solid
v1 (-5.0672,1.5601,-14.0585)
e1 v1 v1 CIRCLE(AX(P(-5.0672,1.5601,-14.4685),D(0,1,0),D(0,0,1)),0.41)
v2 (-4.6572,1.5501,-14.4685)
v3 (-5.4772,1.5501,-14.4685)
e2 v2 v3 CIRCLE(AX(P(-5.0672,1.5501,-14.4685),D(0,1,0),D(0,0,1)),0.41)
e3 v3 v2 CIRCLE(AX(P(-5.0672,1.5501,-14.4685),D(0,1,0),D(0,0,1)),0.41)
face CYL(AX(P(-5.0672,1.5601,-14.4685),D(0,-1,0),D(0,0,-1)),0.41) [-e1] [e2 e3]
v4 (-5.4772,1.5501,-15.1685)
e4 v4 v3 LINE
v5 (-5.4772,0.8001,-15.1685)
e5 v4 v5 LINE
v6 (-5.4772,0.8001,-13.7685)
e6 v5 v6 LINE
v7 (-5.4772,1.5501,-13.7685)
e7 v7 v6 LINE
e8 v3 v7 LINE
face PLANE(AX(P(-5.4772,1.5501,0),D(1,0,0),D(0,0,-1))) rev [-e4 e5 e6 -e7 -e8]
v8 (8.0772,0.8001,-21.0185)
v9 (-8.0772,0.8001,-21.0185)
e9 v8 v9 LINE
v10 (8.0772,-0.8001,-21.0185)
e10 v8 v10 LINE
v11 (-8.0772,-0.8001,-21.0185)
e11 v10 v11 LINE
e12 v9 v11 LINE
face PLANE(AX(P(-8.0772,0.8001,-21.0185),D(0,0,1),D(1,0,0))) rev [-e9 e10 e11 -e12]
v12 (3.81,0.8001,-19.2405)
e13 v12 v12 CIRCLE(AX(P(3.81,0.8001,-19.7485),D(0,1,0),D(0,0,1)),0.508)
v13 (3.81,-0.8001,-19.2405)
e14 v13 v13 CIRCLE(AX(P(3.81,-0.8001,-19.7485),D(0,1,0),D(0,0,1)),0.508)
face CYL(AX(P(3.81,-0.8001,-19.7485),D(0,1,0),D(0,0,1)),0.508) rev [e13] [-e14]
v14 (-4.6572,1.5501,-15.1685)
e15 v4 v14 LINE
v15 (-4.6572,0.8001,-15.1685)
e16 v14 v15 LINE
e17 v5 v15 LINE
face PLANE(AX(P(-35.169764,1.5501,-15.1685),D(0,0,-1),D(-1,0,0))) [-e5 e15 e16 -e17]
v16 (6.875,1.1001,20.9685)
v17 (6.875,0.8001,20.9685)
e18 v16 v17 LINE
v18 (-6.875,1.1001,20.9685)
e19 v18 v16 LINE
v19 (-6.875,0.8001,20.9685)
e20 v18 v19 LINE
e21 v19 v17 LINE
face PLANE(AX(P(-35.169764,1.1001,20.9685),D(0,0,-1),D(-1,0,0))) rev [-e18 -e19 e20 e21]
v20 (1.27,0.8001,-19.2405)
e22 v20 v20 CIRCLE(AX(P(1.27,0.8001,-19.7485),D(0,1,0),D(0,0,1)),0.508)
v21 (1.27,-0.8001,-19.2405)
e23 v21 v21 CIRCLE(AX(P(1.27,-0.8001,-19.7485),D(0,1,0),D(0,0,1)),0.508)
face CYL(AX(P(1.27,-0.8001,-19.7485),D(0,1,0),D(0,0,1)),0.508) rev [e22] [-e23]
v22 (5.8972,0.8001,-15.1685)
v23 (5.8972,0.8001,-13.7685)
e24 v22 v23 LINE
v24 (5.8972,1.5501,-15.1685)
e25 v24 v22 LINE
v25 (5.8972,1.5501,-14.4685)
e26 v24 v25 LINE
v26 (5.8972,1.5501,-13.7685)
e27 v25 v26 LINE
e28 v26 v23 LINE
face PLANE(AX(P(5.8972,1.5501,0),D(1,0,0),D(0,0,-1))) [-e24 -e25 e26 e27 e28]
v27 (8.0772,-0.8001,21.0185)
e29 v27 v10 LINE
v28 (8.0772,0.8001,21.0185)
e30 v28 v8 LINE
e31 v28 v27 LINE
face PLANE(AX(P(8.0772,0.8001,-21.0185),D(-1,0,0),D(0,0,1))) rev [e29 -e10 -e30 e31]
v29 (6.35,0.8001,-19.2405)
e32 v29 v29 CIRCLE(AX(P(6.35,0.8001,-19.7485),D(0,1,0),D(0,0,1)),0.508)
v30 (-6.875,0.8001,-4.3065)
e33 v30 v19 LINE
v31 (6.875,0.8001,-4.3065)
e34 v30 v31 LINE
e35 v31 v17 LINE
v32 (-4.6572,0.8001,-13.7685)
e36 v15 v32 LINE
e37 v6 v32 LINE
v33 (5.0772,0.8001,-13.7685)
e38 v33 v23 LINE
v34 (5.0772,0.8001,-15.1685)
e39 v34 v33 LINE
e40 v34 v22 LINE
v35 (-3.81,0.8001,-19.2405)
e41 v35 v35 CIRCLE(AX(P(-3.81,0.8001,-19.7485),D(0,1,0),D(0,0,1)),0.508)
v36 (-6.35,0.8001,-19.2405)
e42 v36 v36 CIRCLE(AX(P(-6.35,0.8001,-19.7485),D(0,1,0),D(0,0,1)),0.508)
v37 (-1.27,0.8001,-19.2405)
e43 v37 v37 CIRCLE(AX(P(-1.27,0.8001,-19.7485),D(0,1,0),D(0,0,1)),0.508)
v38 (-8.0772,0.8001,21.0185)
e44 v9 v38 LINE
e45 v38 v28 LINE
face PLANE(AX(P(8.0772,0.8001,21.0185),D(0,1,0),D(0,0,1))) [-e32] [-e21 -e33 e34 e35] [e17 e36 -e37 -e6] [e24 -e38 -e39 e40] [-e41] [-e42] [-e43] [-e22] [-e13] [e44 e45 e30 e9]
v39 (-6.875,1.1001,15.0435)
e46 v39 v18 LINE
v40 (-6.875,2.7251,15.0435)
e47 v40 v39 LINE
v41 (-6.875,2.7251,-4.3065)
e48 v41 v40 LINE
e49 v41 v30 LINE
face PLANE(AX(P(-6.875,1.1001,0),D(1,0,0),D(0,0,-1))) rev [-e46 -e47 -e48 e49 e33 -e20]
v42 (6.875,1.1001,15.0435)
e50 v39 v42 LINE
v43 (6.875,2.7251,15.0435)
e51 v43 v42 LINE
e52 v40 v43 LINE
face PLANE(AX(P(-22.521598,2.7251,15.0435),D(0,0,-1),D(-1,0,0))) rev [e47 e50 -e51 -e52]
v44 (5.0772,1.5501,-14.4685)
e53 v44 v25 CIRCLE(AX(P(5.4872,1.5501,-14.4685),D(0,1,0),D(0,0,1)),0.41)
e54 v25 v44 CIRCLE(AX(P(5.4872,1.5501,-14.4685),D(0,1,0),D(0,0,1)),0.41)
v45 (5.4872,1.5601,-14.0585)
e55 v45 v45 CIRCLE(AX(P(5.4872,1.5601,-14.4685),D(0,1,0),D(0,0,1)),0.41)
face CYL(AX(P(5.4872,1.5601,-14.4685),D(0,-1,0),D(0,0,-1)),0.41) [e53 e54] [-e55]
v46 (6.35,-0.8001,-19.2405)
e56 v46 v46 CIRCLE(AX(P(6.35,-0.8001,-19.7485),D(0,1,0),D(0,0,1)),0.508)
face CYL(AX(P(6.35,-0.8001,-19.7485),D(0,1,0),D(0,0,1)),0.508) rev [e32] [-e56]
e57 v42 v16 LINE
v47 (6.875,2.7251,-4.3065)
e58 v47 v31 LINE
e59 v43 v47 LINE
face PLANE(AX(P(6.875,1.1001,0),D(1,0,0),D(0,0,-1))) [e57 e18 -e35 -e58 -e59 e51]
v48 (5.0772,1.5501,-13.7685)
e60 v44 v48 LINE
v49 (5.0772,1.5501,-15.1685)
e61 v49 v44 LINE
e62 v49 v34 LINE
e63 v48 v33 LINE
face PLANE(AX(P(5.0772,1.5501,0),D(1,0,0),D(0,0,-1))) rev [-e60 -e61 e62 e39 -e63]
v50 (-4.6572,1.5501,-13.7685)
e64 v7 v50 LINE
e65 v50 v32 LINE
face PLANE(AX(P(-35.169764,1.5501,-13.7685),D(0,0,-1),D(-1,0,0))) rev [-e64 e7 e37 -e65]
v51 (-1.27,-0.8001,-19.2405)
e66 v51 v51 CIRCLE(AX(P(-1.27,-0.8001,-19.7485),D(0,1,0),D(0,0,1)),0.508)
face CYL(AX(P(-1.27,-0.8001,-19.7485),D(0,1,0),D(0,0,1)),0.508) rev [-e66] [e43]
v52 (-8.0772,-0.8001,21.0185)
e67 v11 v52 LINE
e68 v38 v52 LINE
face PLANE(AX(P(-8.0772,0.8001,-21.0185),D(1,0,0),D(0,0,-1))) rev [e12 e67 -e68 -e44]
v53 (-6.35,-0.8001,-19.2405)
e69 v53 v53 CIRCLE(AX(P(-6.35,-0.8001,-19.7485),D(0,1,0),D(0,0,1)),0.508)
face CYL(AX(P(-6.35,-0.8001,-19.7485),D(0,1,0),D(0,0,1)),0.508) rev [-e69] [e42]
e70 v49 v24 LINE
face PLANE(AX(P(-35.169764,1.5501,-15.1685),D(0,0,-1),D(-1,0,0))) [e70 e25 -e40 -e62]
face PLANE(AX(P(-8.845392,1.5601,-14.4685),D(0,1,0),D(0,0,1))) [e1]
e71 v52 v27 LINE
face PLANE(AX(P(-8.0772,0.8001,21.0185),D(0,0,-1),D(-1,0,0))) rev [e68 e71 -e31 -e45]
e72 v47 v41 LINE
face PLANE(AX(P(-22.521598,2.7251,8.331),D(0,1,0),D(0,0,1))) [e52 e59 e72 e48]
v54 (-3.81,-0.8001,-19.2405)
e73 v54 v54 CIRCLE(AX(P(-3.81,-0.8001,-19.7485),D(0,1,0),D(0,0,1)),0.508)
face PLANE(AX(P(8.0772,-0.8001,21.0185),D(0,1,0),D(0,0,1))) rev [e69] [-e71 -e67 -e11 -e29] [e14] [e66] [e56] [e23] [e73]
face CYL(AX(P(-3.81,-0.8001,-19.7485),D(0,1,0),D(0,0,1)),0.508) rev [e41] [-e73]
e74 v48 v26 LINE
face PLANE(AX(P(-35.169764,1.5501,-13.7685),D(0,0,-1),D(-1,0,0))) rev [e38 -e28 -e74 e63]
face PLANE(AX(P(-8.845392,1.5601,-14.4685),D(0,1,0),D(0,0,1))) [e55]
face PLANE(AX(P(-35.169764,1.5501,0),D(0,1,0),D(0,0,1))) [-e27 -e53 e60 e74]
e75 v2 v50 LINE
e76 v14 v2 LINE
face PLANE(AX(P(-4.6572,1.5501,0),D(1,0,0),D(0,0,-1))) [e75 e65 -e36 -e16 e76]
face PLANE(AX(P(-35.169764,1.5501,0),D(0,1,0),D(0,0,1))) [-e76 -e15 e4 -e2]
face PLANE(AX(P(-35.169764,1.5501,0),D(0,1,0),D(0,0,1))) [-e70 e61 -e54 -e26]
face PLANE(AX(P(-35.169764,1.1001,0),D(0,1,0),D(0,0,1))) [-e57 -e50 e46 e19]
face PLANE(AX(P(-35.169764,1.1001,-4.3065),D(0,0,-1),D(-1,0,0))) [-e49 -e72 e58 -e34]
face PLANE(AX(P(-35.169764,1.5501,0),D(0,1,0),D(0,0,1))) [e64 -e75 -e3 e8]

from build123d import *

# Parameters (mm, degrees)
SKETCH1_W           = 16.1544
SKETCH1_H           = 42.037
BOSS_EXTRUDE1_DEPTH = 0.8001
SKETCH2_R           = 0.508
CUT_EXTRUDE1_DEPTH  = 1.6002
SKETCH3_W           = 13.75
SKETCH3_H           = 25.275
BOSS_EXTRUDE2_DEPTH = 0.3
SKETCH4_W           = 13.75
SKETCH4_H           = 19.35
BOSS_EXTRUDE3_DEPTH = 1.625
SKETCH5_W           = 0.82
SKETCH5_H           = 1.4
BOSS_EXTRUDE4_DEPTH = 0.75
SKETCH6_R           = 0.41
BOSS_EXTRUDE5_DEPTH = 0.01


with BuildPart() as part:
    # Sketch1 → Boss-Extrude1 (new body, symmetric)
    with BuildSketch(Plane(origin=(0, 0, 0), x_dir=(1, 0, 0), z_dir=(0, 1, 0))):
        Rectangle(SKETCH1_W, SKETCH1_H)
    extrude(amount=BOSS_EXTRUDE1_DEPTH, both=True)

    # Sketch2 → Cut-Extrude1 (cut)
    with BuildSketch(Plane(origin=(0, 0.8001, 0), x_dir=(1, 0, 0), z_dir=(0, 1, 0))):
        with Locations((-6.35, 19.7485)):
            Circle(SKETCH2_R)
        with Locations((-3.81, 19.7485)):
            Circle(SKETCH2_R)
        with Locations((-1.27, 19.7485)):
            Circle(SKETCH2_R)
        with Locations((1.27, 19.7485)):
            Circle(SKETCH2_R)
        with Locations((3.81, 19.7485)):
            Circle(SKETCH2_R)
        with Locations((6.35, 19.7485)):
            Circle(SKETCH2_R)
    extrude(amount=-CUT_EXTRUDE1_DEPTH, mode=Mode.SUBTRACT)

    # Sketch3 → Boss-Extrude2 (add)
    with BuildSketch(Plane(origin=(0, 0.8001, 0), x_dir=(1, 0, 0), z_dir=(0, 1, 0))):
        with Locations((0, -8.331)):
            Rectangle(SKETCH3_W, SKETCH3_H)
    extrude(amount=BOSS_EXTRUDE2_DEPTH)

    # Sketch4 → Boss-Extrude3 (add)
    with BuildSketch(Plane(origin=(0, 1.1001, 0), x_dir=(1, 0, 0), z_dir=(0, 1, 0))):
        with Locations((0, -5.3685)):
            Rectangle(SKETCH4_W, SKETCH4_H)
    extrude(amount=BOSS_EXTRUDE3_DEPTH)

    # Sketch5 → Boss-Extrude4 (add)
    with BuildSketch(Plane(origin=(0, 0.8001, 0), x_dir=(1, 0, 0), z_dir=(0, 1, 0))):
        with Locations((-5.0672, 14.4685)):
            Rectangle(SKETCH5_W, SKETCH5_H)
        with Locations((5.4872, 14.4685)):
            Rectangle(SKETCH5_W, SKETCH5_H)
    extrude(amount=BOSS_EXTRUDE4_DEPTH)

    # Sketch6 → Boss-Extrude5 (add)
    with BuildSketch(Plane(origin=(0, 1.5501, 0), x_dir=(1, 0, 0), z_dir=(0, 1, 0))):
        with Locations((-5.0672, 14.4685)):
            Circle(SKETCH6_R)
        with Locations((5.4872, 14.4685)):
            Circle(SKETCH6_R)
    extrude(amount=BOSS_EXTRUDE5_DEPTH)


solid = part.part
